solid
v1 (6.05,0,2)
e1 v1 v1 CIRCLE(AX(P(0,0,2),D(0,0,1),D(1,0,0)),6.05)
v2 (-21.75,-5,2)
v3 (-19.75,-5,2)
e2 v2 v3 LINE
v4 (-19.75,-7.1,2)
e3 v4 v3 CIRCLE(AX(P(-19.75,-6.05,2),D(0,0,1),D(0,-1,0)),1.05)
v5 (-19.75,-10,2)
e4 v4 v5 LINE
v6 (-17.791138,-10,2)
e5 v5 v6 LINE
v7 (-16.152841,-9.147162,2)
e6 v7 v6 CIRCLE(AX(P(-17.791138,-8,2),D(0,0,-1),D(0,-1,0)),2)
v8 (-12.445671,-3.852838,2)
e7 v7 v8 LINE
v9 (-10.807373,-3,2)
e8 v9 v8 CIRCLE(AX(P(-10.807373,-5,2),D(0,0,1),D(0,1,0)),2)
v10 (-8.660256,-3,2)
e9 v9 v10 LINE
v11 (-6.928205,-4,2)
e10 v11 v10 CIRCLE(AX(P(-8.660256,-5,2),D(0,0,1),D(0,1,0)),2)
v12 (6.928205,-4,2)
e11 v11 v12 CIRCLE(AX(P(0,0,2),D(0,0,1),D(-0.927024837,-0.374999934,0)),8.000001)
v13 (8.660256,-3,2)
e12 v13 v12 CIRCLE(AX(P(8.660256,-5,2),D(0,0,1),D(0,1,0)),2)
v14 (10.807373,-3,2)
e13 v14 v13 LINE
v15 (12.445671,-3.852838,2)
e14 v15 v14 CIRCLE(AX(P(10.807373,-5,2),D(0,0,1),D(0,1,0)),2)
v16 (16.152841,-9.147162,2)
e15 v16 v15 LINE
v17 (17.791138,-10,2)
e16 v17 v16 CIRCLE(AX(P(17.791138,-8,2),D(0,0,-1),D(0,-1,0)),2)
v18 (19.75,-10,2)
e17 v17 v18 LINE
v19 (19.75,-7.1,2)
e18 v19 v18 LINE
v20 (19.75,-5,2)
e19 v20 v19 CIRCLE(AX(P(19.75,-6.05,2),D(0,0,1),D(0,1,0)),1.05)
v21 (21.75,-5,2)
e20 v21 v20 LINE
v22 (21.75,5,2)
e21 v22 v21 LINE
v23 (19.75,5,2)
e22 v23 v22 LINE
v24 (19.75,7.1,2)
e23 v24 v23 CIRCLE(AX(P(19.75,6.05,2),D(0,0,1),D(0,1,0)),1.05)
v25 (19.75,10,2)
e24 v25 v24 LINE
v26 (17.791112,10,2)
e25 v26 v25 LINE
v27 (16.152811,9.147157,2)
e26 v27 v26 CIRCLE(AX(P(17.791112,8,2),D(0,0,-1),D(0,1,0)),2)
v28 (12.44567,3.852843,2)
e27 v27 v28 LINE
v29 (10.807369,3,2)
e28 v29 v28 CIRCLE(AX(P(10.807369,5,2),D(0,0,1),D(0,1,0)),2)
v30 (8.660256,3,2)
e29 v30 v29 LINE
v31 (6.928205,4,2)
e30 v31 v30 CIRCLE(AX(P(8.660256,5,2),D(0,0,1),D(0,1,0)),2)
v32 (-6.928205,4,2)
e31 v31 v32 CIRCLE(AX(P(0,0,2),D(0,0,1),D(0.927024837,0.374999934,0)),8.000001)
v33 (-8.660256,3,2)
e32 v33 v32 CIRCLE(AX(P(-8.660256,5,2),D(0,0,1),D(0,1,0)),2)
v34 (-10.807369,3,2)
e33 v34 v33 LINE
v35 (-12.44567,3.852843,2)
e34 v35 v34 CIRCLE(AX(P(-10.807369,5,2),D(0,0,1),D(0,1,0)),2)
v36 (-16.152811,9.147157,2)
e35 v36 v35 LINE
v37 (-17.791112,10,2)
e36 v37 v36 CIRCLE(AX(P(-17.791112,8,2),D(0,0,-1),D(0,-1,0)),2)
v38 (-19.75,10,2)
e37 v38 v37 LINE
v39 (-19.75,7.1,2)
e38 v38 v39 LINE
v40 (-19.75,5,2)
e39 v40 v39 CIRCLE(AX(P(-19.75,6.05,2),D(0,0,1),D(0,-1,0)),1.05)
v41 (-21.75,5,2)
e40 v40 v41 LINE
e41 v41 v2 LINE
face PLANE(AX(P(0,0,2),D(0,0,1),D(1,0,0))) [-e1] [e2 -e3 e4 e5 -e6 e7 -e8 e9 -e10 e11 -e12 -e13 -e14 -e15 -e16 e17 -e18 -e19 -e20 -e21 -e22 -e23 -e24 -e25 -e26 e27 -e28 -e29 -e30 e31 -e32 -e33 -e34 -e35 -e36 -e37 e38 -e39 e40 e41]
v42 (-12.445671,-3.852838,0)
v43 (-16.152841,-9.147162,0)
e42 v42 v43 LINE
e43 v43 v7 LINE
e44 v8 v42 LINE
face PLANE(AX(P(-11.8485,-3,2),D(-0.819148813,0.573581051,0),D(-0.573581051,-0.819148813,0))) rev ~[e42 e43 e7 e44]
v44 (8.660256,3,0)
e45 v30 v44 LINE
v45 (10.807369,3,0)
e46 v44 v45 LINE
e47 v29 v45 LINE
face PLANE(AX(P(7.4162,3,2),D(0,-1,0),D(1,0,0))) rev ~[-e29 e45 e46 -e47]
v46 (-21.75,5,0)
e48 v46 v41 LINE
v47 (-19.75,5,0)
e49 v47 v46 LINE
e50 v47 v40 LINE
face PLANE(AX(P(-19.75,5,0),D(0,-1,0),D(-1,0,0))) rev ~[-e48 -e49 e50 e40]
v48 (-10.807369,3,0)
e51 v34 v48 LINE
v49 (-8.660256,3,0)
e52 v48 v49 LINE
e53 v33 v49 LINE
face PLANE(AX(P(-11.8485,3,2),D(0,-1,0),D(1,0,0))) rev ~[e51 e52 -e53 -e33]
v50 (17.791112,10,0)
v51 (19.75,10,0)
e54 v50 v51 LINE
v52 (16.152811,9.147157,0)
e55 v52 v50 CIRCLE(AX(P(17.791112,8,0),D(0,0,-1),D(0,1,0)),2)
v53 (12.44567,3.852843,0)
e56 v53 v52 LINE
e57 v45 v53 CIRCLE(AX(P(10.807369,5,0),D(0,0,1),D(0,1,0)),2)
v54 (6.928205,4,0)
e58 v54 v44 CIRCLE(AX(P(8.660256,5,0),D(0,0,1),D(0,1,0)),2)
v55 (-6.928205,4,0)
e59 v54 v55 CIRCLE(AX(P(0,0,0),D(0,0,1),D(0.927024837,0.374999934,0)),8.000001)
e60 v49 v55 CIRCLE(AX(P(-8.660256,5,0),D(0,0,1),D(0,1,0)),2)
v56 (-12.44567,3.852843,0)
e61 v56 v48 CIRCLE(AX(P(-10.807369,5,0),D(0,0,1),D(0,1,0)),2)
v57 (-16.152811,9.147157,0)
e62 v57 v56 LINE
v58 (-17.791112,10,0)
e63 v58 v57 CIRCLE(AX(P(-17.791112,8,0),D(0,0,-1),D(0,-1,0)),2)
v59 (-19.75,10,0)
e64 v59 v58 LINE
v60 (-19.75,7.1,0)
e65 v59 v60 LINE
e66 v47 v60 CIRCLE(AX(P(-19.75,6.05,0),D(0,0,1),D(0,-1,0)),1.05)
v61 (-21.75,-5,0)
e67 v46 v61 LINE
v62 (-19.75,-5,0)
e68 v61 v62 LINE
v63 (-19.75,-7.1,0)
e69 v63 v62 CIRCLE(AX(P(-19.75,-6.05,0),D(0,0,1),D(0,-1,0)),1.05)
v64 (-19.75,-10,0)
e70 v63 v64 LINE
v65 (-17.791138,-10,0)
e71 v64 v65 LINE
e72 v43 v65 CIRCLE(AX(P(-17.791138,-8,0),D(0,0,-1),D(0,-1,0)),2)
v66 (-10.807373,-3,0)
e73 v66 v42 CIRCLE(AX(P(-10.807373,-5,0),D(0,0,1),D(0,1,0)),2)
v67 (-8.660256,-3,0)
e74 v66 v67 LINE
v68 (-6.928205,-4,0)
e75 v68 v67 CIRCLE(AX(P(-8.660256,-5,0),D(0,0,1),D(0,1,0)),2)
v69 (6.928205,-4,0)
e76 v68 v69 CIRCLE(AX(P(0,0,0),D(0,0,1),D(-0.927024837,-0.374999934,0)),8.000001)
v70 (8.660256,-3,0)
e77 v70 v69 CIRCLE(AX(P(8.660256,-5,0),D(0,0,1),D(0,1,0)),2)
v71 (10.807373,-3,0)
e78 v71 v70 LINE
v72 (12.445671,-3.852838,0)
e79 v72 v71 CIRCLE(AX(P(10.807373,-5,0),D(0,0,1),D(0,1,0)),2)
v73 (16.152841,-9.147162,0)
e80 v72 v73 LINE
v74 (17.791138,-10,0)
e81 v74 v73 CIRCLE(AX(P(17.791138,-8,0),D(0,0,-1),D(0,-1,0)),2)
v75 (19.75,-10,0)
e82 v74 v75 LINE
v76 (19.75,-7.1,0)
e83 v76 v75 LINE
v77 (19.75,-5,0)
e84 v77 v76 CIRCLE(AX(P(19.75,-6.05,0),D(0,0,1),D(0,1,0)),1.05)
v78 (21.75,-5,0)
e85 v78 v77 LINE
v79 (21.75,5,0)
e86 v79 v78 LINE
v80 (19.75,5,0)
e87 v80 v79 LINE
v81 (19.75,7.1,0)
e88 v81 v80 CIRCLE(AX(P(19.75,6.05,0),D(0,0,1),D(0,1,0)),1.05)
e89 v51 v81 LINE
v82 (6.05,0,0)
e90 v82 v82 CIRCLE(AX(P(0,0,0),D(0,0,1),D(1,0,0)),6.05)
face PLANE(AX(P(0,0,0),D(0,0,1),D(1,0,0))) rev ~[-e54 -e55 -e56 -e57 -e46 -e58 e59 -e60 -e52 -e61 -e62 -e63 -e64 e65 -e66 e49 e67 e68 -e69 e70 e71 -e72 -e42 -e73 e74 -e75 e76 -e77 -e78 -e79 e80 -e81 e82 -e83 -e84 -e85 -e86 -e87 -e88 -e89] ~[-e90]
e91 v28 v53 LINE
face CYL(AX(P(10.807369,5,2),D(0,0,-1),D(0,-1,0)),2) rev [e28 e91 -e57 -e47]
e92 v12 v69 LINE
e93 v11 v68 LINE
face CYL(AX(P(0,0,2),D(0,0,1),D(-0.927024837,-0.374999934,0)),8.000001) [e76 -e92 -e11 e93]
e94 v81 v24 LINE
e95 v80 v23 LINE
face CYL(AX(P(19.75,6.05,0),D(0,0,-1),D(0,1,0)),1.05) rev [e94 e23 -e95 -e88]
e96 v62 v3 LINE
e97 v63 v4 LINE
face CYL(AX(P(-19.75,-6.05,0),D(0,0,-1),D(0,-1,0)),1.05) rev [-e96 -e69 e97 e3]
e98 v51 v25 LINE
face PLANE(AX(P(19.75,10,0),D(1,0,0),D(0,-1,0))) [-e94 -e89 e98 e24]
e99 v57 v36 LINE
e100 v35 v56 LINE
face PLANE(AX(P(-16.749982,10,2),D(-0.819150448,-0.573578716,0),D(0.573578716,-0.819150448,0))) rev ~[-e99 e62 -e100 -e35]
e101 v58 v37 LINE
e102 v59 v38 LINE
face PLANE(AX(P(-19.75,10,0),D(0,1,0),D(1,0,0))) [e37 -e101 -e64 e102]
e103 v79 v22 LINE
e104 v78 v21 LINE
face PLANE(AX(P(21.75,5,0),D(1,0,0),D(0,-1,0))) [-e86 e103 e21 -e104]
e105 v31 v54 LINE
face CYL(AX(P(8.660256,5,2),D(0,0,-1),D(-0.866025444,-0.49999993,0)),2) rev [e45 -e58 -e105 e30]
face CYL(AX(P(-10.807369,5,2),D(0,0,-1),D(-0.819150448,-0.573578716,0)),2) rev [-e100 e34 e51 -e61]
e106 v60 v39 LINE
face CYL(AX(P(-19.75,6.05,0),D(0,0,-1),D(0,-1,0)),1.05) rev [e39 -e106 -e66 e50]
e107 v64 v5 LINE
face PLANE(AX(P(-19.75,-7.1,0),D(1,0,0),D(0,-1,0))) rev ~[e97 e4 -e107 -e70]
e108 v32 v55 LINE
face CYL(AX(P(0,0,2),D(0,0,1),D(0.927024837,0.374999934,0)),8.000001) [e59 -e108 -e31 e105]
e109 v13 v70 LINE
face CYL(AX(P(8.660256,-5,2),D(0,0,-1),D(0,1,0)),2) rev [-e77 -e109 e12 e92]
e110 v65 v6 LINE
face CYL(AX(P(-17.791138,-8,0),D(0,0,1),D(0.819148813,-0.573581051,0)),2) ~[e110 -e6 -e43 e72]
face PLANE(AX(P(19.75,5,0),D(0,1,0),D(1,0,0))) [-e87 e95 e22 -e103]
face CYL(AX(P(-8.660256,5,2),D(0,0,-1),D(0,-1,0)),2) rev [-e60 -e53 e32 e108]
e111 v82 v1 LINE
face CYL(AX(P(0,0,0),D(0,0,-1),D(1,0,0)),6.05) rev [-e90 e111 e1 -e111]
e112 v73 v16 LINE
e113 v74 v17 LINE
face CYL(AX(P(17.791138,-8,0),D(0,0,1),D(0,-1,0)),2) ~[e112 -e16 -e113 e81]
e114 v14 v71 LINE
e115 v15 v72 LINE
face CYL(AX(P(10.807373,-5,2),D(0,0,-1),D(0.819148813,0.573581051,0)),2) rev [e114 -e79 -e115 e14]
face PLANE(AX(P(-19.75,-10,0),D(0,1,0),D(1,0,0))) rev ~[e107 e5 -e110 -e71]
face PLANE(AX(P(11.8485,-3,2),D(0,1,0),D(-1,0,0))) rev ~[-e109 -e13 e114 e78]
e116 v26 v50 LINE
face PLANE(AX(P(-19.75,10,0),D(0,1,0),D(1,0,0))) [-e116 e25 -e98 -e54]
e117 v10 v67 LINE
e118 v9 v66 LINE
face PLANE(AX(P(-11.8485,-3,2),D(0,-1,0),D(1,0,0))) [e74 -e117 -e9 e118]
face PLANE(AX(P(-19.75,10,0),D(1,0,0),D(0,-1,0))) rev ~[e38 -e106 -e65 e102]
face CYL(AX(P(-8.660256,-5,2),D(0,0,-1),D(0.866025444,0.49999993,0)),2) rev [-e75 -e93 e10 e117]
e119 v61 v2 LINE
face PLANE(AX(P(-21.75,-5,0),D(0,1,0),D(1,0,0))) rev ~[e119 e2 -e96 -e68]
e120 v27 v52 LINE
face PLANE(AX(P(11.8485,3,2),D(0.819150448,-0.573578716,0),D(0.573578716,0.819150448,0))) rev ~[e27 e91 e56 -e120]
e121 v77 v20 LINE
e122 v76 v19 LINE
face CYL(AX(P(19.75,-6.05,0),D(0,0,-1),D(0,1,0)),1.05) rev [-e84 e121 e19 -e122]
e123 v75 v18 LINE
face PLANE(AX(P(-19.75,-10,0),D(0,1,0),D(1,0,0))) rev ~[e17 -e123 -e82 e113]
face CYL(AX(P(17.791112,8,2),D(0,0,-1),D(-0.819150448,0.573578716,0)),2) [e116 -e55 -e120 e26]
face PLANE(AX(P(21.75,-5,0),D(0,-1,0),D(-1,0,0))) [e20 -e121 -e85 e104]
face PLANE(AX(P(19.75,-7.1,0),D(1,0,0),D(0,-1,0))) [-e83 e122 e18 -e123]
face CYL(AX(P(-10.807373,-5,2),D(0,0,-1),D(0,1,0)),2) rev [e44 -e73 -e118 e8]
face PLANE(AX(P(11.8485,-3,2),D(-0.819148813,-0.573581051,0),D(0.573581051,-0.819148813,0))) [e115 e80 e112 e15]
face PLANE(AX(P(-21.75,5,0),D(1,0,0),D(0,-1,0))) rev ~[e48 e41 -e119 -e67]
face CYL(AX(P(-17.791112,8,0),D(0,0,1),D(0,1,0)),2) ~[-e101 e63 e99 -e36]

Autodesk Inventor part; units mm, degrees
ref_plane "YZ Plane" through (0, 0, 0) normal (1, 0, 0) x (0, 1, 0)
ref_plane "XZ Plane" through (0, 0, 0) normal (0, 1, 0) x (-1, 0, 0)
ref_plane "XY Plane" through (0, 0, 0) normal (0, 0, 1) x (1, 0, 0)
sketch "スケッチ1" plane through (0, 0, 0) normal (0, 0, 1) x (1, 0, 0)
  circle A0 centre (0, 0) radius 10.5 construction
  circle A1 centre (-13.5, 1) radius 1.35
  line L0 (-13.5, 28) -> (13.5, 28) construction
  line L1 (13.5, 28) -> (13.5, 1) construction
  line L2 (13.5, 1) -> (-13.5, 1) construction
  line L3 (-13.5, 1) -> (-13.5, 28) construction
  circle A2 centre (-13.5, 28) radius 1.35
  circle A3 centre (13.5, 1) radius 1.35
  circle A4 centre (13.5, 28) radius 1.35
  line L4 (-19.75, 10) -> (-19.75, 7.1)
  line L5 (-19.75, 10) -> (19.75, 10)
  line L6 (19.75, 10) -> (19.75, 7.1)
  line L7 (-19.75, -7.1) -> (-19.75, -10)
  line L8 (-19.75, -10) -> (19.75, -10)
  line L9 (19.75, -7.1) -> (19.75, -10)
  line L10 (-19.75, 5) -> (-21.75, 5)
  line L11 (-21.75, 5) -> (-21.75, -5)
  line L12 (-21.75, -5) -> (-19.75, -5)
  arc A5 (-19.75, 5) -> (-19.75, 7.1) centre (-19.75, 6.05) ccw
  arc A6 (-19.75, -7.1) -> (-19.75, -5) centre (-19.75, -6.05) ccw
  line L13 (19.75, 5) -> (21.75, 5)
  line L14 (21.75, 5) -> (21.75, -5)
  line L15 (21.75, -5) -> (19.75, -5)
  arc A7 (19.75, 7.1) -> (19.75, 5) centre (19.75, 6.05) ccw
  line L16 (0, 28) -> (0, 0) construction
  arc A8 (19.75, -5) -> (19.75, -7.1) centre (19.75, -6.05) ccw
  line L17 (-21.75, 0) -> (21.75, 0) construction
  circle A9 centre (0, 0) radius 6.05
  point P0 (0, 10)
  dimension "d8" = 21
  dimension "d10" = 27
  dimension "d12" = 1
  dimension "d13" = 2.7
  dimension "d38" = 27
  dimension "d44" = 27
  dimension "d47" = 1.05
  dimension "d48" = 39.5
  dimension "d49" = 2
  dimension "d50" = 10
  dimension "d51" = 5
  dimension "d52" = 12.1
extrude "押し出し1" add sketch "スケッチ1" along normal blind 2 contours L5 L6 A7 L13 L14 L15 A8 L9 L8 L7 A6 L12 L11 L10 A5 L4
sketch "スケッチ2" plane through (0, 0, 2) normal (0, 0, 1) x (1, 0, 0)
  circle A0 centre (0, 0) radius 6.05 projected
  circle A1 centre (-13.5, 1) radius 1.35 projected
  line L0 (-19.75, -10) -> (19.75, -10) projected
  line L1 (19.75, 10) -> (-19.75, 10) projected
  line L2 (-11.8485, 3) -> (-7.4162, 3)
  arc A2 (7.4162, 3) -> (-7.4162, 3) centre (0, 0) ccw
  line L3 (7.4162, 3) -> (11.8485, 3)
  line L4 (-18.4641, 12.448) -> (18.4641, 12.448)
  line L5 (-18.4641, 12.448) -> (-11.8485, 3)
  line L6 (11.8485, 3) -> (18.4641, 12.448)
  line L7 (-11.8485, -3) -> (-7.4162, -3)
  line L8 (-11.8485, -3) -> (-24.333, -20.8295)
  line L9 (-24.333, -20.8295) -> (24.333, -20.8295)
  line L10 (11.8485, -3) -> (7.4162, -3)
  line L11 (11.8485, -3) -> (24.333, -20.8295)
  arc A3 (-7.4162, -3) -> (7.4162, -3) centre (0, 0) ccw
  line L12 (-21.75, 5) -> (-21.75, -5) projected
  line L13 (-16.75, 10) -> (-19.75, 10) construction
  line L14 (0, 0) -> (-21.75, 0) construction
  line L15 (-19.75, -10) -> (-16.75, -10) construction
  line L16 (-19.75, -10) -> (19.75, -10) construction
  line L17 (0, 0) -> (0, 10) construction
  line L18 (19.75, 10) -> (16.75, 10) construction
  line L19 (19.75, -10) -> (16.75, -10) construction
  circle A4 centre (-13.5, 1) radius 2.5 construction
  dimension "d57" = 8
  dimension "d58" = 3
  dimension "d60" = 6
  dimension "d64" = 3
  dimension "d65" = 5
extrude "押し出し2" cut sketch "スケッチ2" against normal blind 10 contours L8 L7 A3 L10 L11 L0 | L0 L11 L9 L8 | L6 L3 A2 L2 L5 L1 | L1 L5 L4 L6
fillet "フィレット1" radius 2 12 edges at (-11.8485, 3, 1) (-7.4162, 3, 1) (7.4162, 3, 1) (11.8485, -3, 1) (7.4162, -3, 1) (-7.4162, -3, 1) (-11.8485, -3, 1) (-16.75, -10, 1) (-16.75, 10, 1) (16.75, 10, 1) (16.75, -10, 1) (11.8485, 3, 1)
sketch "スケッチ3" plane through (0, 0, 0) normal (0, 0, -1) x (-1, 0, 0)
  circle A0 centre (13.5, 1) radius 1.35 projected
  circle A1 centre (13.5, 1) radius 1.35
  circle A2 centre (-13.5, 1) radius 1.35 projected
  circle A3 centre (-13.5, 1) radius 1.35
  point P0 (0, 0)
extrude "押し出し3" add sketch "スケッチ3" against normal up to surface (2 mm away)
equation "\"d38\" = d10"
equation "\"d44\" = d10"
equation "\"d50\" = d11"
equation "\"d51\" = d28"
equation "\"d60\" = 2 * d58"
equation "\"d11\" = 10"
equation "\"d28\" = 5"
properties part number "足首_サブフレーム_1_2" material "アルミニウム 2014-T4"
